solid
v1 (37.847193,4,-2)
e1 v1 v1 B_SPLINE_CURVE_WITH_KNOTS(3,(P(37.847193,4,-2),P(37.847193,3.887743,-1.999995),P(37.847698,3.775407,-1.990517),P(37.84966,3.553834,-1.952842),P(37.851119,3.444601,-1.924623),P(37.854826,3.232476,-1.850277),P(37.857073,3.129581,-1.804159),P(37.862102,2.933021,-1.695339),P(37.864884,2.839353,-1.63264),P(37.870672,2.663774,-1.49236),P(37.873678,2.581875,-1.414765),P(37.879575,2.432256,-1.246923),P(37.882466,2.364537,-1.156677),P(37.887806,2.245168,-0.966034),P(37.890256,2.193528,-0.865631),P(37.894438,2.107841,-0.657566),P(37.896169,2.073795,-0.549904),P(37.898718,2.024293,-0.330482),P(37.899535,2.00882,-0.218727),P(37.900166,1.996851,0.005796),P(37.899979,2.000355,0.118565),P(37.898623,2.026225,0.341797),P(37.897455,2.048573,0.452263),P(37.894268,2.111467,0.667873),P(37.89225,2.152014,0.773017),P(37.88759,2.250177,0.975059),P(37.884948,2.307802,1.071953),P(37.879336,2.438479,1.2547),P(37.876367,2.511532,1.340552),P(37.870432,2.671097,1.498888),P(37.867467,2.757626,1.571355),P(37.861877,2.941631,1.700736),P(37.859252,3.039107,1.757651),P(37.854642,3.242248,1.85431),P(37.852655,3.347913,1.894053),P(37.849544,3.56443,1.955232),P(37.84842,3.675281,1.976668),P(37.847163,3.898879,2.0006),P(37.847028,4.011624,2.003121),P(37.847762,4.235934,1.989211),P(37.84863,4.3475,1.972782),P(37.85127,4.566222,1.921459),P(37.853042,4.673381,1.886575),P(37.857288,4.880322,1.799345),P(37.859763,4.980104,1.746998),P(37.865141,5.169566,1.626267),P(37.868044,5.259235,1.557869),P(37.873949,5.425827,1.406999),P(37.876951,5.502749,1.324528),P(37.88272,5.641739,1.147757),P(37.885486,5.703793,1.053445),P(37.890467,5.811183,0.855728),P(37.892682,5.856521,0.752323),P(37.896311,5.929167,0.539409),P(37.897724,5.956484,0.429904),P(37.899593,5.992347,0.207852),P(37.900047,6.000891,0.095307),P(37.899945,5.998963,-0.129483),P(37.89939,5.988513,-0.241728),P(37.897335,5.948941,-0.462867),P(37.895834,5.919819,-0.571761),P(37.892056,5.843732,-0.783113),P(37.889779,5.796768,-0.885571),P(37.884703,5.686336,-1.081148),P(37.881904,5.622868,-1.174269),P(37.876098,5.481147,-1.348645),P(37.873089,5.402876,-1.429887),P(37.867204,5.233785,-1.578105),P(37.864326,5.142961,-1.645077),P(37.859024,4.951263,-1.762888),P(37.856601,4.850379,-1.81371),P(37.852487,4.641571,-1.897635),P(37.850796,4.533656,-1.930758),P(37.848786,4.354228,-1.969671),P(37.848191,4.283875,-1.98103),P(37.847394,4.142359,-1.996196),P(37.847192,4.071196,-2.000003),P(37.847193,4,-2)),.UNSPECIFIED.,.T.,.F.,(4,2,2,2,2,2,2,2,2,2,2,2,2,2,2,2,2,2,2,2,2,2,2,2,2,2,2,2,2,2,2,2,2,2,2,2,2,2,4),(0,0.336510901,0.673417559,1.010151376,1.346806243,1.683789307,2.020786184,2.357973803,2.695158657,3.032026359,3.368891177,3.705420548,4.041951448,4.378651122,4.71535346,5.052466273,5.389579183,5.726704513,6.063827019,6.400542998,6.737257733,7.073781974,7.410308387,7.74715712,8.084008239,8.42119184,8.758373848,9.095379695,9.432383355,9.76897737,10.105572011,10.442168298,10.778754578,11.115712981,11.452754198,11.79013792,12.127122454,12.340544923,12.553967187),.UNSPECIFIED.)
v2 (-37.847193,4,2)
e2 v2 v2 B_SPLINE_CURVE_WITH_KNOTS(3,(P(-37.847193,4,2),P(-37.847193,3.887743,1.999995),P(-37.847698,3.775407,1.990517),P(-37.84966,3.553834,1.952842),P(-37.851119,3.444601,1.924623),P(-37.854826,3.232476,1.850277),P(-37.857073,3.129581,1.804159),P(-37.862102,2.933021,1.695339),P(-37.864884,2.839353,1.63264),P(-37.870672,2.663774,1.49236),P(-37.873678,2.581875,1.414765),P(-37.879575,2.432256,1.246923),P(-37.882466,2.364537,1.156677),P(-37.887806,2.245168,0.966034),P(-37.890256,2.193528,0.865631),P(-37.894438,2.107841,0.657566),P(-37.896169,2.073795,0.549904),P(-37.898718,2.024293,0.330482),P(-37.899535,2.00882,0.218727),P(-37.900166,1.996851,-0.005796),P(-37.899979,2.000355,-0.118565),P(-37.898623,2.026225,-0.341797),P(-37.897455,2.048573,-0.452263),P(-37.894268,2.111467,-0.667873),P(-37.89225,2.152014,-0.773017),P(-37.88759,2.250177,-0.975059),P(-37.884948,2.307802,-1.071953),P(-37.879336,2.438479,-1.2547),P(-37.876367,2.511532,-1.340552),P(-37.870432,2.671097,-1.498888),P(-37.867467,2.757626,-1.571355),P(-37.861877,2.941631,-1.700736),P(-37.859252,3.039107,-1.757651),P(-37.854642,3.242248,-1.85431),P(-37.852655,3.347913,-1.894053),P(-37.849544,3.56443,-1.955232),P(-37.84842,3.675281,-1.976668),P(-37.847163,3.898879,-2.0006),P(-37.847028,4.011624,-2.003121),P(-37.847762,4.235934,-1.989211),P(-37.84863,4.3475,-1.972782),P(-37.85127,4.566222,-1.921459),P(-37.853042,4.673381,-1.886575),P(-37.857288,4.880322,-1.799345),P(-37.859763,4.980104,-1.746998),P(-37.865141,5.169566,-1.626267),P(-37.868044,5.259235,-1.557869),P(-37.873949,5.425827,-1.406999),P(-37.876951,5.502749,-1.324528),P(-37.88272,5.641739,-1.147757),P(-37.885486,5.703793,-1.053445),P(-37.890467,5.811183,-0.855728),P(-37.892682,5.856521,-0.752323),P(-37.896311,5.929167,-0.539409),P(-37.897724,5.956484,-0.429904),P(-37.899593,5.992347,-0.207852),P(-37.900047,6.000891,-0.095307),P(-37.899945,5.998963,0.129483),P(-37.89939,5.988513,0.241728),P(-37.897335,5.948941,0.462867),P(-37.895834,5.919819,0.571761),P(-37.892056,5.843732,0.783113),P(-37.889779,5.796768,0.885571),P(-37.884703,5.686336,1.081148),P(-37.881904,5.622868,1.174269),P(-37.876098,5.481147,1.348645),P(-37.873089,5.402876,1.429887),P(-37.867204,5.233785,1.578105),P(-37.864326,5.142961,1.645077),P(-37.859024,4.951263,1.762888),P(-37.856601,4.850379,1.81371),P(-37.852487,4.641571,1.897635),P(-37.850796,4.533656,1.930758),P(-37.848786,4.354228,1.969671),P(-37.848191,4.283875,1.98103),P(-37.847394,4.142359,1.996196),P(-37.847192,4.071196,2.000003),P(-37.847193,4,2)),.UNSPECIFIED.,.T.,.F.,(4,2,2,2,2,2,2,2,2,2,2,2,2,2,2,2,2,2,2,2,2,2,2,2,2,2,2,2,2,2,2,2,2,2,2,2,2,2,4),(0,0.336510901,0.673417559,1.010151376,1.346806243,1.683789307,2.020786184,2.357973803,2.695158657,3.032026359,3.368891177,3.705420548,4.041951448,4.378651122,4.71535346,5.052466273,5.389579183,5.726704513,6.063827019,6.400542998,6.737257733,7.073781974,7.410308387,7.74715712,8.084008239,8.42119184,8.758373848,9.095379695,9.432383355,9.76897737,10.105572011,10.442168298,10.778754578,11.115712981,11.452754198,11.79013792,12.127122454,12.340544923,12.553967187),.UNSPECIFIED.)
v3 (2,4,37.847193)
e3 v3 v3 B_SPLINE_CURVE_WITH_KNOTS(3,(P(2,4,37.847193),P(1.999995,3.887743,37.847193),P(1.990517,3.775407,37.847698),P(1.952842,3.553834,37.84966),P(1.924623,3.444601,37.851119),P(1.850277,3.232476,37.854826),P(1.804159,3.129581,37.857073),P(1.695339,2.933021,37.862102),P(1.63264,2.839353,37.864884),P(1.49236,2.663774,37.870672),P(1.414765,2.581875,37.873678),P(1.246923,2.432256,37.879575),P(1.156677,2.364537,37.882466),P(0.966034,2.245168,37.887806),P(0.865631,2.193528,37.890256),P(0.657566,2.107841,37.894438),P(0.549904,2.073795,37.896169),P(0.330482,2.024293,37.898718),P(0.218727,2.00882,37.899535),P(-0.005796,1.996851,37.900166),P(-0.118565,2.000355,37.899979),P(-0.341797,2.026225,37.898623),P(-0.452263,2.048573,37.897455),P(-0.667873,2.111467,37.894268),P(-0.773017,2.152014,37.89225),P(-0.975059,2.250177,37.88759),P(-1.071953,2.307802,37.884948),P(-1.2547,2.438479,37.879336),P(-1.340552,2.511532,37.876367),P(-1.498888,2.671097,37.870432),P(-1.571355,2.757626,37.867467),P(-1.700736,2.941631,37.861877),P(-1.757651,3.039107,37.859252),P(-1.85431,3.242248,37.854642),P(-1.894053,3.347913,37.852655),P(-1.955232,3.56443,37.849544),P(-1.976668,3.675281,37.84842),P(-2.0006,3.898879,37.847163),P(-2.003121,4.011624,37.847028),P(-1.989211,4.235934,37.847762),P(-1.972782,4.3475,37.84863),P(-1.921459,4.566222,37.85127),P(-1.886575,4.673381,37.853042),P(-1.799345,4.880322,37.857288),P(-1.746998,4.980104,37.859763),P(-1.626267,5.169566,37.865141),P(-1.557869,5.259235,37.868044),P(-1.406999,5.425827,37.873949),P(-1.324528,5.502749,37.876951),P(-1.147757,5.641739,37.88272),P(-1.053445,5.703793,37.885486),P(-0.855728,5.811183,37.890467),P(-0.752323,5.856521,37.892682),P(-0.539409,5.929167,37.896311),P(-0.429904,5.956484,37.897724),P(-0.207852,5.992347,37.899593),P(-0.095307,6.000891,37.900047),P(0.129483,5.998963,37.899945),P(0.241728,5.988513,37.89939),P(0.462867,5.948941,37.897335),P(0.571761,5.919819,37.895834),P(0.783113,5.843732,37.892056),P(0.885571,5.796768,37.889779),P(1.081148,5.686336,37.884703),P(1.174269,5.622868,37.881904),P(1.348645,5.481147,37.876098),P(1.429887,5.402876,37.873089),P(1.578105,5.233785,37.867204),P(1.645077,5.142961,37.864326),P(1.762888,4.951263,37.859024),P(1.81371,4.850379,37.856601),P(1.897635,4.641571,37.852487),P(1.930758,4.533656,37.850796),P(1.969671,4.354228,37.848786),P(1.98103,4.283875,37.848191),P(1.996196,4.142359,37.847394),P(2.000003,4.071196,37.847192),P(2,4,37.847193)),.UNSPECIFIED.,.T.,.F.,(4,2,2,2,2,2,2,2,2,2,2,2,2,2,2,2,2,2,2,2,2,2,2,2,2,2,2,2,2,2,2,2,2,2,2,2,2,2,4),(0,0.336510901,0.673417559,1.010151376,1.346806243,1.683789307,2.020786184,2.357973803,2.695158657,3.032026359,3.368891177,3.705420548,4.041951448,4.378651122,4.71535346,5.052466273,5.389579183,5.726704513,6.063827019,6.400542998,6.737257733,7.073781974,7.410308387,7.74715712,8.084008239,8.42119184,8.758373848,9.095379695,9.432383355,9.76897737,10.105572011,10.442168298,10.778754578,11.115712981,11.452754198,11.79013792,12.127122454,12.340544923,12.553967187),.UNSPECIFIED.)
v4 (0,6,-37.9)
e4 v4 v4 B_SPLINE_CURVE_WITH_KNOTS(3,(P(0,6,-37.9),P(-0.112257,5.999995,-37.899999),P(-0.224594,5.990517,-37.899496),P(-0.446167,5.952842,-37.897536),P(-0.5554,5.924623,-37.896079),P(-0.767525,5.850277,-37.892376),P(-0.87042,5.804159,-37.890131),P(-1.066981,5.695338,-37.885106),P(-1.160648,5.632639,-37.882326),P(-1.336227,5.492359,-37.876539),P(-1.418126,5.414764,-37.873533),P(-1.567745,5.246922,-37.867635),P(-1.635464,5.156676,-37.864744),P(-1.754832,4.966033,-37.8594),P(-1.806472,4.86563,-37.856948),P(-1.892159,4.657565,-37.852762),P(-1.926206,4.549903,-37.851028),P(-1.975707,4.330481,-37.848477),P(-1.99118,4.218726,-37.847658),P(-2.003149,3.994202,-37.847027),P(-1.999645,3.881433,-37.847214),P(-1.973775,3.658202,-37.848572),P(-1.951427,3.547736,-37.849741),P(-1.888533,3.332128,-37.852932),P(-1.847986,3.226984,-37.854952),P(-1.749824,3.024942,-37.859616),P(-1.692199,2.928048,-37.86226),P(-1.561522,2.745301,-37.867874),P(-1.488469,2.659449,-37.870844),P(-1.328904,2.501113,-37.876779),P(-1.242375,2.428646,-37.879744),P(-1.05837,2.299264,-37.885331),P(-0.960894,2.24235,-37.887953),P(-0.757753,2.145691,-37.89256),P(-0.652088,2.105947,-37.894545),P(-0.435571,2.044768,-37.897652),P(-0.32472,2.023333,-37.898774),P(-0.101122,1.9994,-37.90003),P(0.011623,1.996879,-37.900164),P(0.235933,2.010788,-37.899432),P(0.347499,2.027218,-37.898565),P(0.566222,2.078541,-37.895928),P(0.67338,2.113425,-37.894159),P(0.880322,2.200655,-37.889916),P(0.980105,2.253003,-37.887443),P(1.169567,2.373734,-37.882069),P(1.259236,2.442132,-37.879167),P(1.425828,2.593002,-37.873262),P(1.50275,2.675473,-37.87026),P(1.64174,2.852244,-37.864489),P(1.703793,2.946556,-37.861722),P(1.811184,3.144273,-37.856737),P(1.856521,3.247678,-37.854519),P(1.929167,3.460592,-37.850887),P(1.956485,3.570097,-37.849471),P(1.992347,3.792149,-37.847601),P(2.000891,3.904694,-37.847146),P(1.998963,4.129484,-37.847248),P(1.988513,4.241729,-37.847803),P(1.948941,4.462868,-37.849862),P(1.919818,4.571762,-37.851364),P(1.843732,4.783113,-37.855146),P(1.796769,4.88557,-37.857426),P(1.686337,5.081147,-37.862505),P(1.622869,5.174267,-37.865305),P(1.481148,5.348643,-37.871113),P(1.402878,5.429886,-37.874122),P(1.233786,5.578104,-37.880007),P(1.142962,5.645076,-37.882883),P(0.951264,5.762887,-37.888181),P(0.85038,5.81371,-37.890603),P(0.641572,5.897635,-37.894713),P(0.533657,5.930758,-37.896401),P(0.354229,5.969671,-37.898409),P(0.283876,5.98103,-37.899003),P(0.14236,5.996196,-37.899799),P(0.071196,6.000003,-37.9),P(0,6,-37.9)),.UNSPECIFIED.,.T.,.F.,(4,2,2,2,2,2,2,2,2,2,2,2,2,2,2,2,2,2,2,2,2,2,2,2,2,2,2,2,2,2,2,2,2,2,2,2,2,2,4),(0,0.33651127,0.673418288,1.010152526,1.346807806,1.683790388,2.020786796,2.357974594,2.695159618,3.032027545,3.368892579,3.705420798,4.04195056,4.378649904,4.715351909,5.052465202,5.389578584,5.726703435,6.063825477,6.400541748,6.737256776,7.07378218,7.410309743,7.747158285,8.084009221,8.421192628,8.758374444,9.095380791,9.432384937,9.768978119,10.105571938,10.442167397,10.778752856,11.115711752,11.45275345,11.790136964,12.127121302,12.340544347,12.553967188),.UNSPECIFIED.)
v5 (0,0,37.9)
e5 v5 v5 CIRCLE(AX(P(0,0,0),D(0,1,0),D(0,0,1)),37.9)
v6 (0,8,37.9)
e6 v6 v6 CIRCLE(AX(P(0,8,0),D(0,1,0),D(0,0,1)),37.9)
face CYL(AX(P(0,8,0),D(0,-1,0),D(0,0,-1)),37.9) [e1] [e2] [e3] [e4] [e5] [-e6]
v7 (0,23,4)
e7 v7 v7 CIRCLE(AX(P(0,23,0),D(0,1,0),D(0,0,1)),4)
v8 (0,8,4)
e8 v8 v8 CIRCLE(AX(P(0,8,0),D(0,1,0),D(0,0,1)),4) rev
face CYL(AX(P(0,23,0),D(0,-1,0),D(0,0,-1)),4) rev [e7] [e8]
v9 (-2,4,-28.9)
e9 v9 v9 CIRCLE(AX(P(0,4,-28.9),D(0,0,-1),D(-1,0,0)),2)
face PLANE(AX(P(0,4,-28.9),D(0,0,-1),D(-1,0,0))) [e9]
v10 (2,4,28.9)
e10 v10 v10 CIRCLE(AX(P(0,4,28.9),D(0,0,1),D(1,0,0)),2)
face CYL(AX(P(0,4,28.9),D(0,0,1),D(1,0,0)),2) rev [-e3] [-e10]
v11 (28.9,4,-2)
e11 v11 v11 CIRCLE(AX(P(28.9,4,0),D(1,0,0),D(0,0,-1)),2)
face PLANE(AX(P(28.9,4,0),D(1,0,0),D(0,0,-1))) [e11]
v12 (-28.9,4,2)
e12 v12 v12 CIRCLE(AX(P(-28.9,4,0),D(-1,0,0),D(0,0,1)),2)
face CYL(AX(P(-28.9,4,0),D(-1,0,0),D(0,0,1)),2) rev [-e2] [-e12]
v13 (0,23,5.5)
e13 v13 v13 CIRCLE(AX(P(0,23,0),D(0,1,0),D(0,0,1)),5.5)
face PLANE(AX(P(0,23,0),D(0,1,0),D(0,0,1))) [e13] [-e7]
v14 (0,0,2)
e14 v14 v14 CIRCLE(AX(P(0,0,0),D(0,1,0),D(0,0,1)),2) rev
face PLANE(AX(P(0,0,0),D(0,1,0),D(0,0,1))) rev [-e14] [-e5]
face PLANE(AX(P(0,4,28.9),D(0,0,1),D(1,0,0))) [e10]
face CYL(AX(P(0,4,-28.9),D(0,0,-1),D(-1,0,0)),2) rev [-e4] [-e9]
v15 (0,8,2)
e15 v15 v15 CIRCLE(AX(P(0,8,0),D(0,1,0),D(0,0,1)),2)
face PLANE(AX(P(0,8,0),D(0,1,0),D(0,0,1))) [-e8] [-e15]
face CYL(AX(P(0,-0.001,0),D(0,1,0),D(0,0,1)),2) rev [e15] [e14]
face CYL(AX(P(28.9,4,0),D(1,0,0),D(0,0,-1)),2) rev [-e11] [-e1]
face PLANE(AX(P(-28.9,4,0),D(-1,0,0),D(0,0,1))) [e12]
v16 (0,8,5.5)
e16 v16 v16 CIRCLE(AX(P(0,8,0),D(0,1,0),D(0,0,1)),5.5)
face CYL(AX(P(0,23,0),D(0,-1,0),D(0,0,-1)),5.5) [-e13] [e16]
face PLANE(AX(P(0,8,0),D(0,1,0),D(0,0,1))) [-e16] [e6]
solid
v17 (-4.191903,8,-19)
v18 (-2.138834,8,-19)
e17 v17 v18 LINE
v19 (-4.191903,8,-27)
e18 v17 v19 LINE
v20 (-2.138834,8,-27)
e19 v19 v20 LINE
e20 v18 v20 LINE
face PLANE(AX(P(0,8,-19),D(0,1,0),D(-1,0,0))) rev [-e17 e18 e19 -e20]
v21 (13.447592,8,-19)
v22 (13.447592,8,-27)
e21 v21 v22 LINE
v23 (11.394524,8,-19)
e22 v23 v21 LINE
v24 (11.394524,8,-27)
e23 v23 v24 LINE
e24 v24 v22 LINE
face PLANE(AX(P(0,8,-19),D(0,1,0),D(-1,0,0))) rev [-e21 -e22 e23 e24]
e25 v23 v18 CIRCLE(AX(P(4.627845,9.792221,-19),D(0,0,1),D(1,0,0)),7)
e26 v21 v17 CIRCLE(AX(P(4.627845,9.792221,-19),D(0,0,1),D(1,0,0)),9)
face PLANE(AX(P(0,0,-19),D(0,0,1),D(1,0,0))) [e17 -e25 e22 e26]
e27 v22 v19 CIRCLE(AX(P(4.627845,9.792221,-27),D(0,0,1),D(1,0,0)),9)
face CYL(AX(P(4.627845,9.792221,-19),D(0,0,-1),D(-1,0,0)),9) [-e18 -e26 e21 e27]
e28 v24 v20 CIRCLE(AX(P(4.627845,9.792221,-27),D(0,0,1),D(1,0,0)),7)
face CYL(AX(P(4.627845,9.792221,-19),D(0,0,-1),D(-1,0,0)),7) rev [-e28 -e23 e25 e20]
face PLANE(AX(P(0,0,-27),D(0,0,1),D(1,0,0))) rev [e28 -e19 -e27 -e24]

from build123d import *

# Parameters (mm, degrees)
SKETCH1_R           = 37.9
BOSS_EXTRUDE1_DEPTH = 8
CUT_EXTRUDE2_REACH  = 56.192
SKETCH2_R           = 2
SKETCH4_R           = 5.5
SKETCH4_R_2         = 4
BOSS_EXTRUDE2_DEPTH = 15
BOSS_EXTRUDE5_DEPTH = 4
SKETCH9_R           = 2
CUT_EXTRUDE3_DEPTH  = 9
SKETCH10_R          = 2
CUT_EXTRUDE4_DEPTH  = 9
CUT_EXTRUDE5_START  = -9
SKETCH11_R          = 2
CUT_EXTRUDE5_DEPTH  = 9
CUT_EXTRUDE6_START  = -9
SKETCH12_R          = 2
CUT_EXTRUDE6_DEPTH  = 9


with BuildPart() as part:
    # Sketch1 → Boss-Extrude1 (new body)
    with BuildSketch(Plane(origin=(0, 0, 0), x_dir=(1, 0, 0), z_dir=(0, 1, 0))):
        Circle(SKETCH1_R)
    extrude(amount=BOSS_EXTRUDE1_DEPTH)

    # Sketch2 → Cut-Extrude2 (cut, up to next)
    with BuildSketch(Plane(origin=(0, 8, 0), x_dir=(1, 0, 0), z_dir=(0, 1, 0)), mode=Mode.PRIVATE) as cut_extrude2_sk1:
        Circle(SKETCH2_R)
    cut_extrude2_tool1 = extrude(cut_extrude2_sk1.sketch, amount=-CUT_EXTRUDE2_REACH, mode=Mode.PRIVATE) & part.part
    add(cut_extrude2_tool1.solids().sort_by_distance((0, 8, 0))[0], mode=Mode.SUBTRACT)

    # Sketch4 → Boss-Extrude2 (add)
    with BuildSketch(Plane(origin=(0, 8, 0), x_dir=(1, 0, 0), z_dir=(0, 1, 0))):
        Circle(SKETCH4_R)
        Circle(SKETCH4_R_2, mode=Mode.SUBTRACT)
    extrude(amount=BOSS_EXTRUDE2_DEPTH)

    # Sketch9 → Cut-Extrude3 (cut)
    with BuildSketch(Plane(origin=(0, 0, -37.9), x_dir=(-1, 0, 0), z_dir=(0, 0, -1))):
        with Locations((0, 4)):
            Circle(SKETCH9_R)
    extrude(amount=-CUT_EXTRUDE3_DEPTH, mode=Mode.SUBTRACT)

    # Sketch10 → Cut-Extrude4 (cut)
    with BuildSketch(Plane(origin=(37.9, 0, 0), x_dir=(0, 0, -1), z_dir=(1, 0, 0))):
        with Locations((0, 4)):
            Circle(SKETCH10_R)
    extrude(amount=-CUT_EXTRUDE4_DEPTH, mode=Mode.SUBTRACT)

    # Sketch11 → Cut-Extrude5 (cut)
    with BuildSketch(Plane.XY.offset(37.9).offset(CUT_EXTRUDE5_START)):
        with Locations((0, 4)):
            Circle(SKETCH11_R)
    extrude(amount=CUT_EXTRUDE5_DEPTH, mode=Mode.SUBTRACT)

    # Sketch12 → Cut-Extrude6 (cut)
    with BuildSketch(Plane.ZY.offset(37.9).offset(CUT_EXTRUDE6_START)):
        with Locations((0, 4)):
            Circle(SKETCH12_R)
    extrude(amount=CUT_EXTRUDE6_DEPTH, mode=Mode.SUBTRACT)


with BuildPart() as body_2:
    # Sketch8 → Boss-Extrude5 (new, symmetric)
    with BuildSketch(Plane.XY.offset(-23)):
        with BuildLine():
            ThreePointArc((13.627844773, 9.792220599), (3.727213653, 18.747044081), (-4.191902691, 8))
            Line((-4.191902691, 8), (-2.138834274, 8))
            ThreePointArc((-2.138834274, 8), (3.724172633, 16.733645285), (11.627844773, 9.792220599))
            ThreePointArc((11.627844773, 9.792220599), (11.569269458, 8.88854846), (11.39452382, 8))
            Line((11.39452382, 8), (13.447592237, 8))
            ThreePointArc((13.447592237, 8), (13.582668254, 8.89158948), (13.627844773, 9.792220599))
        make_face()
    extrude(amount=BOSS_EXTRUDE5_DEPTH, both=True)


solid = Compound([part.part, body_2.part])
